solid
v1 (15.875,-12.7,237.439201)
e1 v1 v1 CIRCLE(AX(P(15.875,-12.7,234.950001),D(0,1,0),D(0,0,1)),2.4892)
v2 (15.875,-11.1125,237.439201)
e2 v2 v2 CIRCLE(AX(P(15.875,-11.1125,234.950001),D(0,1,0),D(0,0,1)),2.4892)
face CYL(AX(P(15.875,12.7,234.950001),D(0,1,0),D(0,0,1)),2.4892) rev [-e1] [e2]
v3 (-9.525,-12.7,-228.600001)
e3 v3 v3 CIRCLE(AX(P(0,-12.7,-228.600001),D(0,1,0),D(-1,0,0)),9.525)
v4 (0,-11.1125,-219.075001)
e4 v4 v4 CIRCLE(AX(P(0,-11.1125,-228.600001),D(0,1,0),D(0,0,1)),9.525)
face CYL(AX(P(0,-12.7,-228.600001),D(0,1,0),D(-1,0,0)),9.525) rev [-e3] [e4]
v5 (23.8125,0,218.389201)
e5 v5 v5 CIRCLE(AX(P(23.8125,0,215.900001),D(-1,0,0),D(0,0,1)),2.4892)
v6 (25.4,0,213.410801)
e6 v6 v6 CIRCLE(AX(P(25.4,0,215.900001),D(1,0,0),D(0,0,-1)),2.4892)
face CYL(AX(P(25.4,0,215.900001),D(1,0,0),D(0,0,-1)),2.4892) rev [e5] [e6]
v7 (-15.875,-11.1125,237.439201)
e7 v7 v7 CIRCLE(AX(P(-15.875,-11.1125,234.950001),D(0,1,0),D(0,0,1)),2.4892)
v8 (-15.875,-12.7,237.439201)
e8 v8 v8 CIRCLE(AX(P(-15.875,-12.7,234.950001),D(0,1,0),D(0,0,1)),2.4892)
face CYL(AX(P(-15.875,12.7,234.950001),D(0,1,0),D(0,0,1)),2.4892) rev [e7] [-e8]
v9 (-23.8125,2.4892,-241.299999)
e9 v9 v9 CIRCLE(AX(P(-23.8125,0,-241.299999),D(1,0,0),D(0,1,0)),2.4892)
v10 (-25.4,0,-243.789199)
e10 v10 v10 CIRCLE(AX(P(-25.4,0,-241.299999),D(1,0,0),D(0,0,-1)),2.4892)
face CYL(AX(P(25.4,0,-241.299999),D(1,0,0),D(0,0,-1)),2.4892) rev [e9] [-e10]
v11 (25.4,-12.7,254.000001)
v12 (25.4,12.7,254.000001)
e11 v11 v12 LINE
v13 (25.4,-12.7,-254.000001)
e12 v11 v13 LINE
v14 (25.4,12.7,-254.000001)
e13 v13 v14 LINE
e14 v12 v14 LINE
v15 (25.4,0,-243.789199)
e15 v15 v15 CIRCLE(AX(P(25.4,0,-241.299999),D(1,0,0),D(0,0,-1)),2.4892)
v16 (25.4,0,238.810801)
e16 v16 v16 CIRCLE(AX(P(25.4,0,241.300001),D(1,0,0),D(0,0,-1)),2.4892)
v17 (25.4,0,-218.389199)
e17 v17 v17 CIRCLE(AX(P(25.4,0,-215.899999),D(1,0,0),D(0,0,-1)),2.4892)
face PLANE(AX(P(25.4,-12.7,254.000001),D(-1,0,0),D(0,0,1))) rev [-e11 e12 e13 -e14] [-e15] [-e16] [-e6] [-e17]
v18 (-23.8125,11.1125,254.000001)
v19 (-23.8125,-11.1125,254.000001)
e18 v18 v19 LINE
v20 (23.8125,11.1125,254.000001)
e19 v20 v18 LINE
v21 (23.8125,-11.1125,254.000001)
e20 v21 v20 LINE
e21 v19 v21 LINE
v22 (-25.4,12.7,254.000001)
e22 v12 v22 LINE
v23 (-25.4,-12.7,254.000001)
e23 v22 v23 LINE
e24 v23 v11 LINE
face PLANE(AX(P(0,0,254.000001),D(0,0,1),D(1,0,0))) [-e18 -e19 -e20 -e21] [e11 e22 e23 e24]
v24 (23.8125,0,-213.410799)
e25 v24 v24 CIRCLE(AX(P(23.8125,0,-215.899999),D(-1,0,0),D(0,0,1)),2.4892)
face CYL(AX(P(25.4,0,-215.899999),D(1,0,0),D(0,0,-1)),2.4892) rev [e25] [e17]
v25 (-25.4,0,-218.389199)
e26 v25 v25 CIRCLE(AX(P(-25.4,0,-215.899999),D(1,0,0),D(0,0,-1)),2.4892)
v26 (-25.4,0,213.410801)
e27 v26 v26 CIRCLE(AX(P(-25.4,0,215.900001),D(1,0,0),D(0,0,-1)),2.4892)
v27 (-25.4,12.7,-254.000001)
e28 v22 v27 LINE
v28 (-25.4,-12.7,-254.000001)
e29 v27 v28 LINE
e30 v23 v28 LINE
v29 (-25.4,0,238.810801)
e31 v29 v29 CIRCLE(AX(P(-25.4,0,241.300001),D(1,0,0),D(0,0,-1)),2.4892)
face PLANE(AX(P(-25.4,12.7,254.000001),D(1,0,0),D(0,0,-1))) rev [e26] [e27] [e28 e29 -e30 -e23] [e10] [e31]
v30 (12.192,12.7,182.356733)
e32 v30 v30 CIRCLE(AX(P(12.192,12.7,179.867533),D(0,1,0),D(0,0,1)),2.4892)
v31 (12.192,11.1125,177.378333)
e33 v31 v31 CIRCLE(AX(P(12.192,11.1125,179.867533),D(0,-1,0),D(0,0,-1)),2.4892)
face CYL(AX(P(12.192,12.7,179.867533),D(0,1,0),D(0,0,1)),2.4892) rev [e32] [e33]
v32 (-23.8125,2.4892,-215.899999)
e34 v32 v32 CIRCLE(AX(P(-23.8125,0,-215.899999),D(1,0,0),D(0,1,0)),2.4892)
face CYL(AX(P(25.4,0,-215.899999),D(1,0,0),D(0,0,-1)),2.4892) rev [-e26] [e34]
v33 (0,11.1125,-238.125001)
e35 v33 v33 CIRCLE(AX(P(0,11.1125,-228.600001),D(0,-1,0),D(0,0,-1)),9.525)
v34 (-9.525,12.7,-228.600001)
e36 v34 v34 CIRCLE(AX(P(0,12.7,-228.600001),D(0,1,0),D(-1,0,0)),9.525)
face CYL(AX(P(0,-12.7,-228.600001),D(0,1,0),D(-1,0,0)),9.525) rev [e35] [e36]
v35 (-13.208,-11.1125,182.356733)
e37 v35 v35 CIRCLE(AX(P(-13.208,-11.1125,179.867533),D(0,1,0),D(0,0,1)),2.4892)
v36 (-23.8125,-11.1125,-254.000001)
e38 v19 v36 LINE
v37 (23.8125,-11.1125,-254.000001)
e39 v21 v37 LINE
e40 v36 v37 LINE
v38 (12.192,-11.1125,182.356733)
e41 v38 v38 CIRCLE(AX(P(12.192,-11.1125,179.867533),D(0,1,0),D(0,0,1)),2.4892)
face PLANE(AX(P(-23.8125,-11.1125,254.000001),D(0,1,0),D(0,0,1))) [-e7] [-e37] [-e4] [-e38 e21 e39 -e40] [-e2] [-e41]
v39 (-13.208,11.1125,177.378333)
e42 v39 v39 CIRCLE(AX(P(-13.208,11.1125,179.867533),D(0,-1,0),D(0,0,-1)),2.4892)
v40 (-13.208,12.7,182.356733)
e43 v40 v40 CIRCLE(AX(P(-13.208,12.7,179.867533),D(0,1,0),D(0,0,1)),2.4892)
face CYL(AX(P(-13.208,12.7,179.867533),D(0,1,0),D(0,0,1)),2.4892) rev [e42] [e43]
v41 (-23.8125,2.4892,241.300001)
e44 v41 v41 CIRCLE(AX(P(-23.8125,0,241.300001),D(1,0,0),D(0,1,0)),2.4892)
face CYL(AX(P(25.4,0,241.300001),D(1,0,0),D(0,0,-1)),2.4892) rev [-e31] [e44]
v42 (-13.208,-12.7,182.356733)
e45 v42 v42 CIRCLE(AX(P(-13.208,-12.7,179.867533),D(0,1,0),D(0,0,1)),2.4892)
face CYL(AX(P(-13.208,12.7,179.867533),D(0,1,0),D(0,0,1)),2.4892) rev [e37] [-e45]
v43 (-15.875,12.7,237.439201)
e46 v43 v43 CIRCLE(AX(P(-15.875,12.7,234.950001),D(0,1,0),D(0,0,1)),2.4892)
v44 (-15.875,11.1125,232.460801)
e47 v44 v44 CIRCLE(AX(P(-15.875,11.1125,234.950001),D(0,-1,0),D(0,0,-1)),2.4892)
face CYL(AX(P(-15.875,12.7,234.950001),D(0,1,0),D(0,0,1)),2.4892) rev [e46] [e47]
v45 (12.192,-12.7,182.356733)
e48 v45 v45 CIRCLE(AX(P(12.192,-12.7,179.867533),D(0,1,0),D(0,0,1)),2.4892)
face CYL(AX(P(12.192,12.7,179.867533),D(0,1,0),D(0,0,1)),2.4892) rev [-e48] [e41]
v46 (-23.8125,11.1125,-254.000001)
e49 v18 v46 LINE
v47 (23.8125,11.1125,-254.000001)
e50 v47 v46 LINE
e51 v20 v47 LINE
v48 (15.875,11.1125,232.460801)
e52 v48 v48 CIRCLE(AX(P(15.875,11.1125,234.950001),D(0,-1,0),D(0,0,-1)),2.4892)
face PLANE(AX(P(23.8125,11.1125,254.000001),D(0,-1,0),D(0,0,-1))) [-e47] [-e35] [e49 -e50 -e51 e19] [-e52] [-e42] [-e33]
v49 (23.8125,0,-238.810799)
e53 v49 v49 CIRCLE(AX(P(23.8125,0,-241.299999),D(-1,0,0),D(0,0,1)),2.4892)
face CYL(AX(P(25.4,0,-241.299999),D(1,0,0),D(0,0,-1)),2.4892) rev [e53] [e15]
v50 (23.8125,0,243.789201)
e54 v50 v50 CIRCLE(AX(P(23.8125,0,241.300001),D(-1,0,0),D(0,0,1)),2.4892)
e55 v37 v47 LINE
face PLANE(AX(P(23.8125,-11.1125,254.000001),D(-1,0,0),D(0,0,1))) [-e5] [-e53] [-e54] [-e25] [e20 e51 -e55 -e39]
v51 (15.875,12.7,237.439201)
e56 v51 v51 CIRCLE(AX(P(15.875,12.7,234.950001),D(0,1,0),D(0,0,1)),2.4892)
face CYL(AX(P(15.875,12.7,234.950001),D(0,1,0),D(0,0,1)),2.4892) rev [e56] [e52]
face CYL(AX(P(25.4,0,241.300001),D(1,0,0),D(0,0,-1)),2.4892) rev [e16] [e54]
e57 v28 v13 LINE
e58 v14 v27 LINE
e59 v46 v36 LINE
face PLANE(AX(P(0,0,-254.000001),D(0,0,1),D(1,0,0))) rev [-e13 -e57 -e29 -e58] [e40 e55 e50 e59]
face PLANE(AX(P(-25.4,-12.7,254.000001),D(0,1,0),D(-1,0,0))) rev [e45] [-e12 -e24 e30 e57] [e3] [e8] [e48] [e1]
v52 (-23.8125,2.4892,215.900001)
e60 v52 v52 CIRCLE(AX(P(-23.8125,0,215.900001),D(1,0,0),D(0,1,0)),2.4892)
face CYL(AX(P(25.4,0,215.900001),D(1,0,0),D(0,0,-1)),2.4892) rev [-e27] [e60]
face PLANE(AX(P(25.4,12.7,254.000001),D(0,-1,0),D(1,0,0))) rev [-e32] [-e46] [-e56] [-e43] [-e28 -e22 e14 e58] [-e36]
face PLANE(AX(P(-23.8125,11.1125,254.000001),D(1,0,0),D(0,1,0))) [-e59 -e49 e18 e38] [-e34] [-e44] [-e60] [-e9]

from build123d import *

# Parameters (mm, degrees)
BOSS_EXTRUDE1_DEPTH      = 254.000001
BOSS_EXTRUDE1_DEPTH_BACK = 254.000001
SKETCH3_W                = 50.8
SKETCH3_H                = 25.4
SKETCH3_W_2              = 47.625
SKETCH3_H_2              = 22.225
F_10_CLEARANCE_HOLE1_D   = 4.9784
F_10_CLEARANCE_HOLE2_D   = 4.9784
SKETCH11_R               = 9.525
CUT_EXTRUDE1_DEPTH       = 257.527426425


with BuildPart() as part:
    # Sketch3 → Boss-Extrude1 (new, two sides: drawn at the far end of the back side and taken through both)
    with BuildSketch(Plane.XY.offset(-BOSS_EXTRUDE1_DEPTH_BACK)):
        Rectangle(SKETCH3_W, SKETCH3_H)
        Rectangle(SKETCH3_W_2, SKETCH3_H_2, mode=Mode.SUBTRACT)
    extrude(amount=BOSS_EXTRUDE1_DEPTH + BOSS_EXTRUDE1_DEPTH_BACK)

    # #10 Clearance Hole1 (through all)
    with Locations(Plane(origin=(25.4, 0, 0), x_dir=(0, 0, -1), z_dir=(1, 0, 0))):
        with Locations((-241.300000508, 0), (-215.900000508, 0), (215.899999492, 0), (241.299999492, 0)):
            Hole(F_10_CLEARANCE_HOLE1_D / 2)

    # #10 Clearance Hole2 (through all)
    with Locations(Plane(origin=(0, 12.7, 0), x_dir=(1, 0, 0), z_dir=(0, 1, 0))):
        with Locations((-13.207999909, -179.867533038), (12.192000091, -179.867533038), (-15.875, -234.950000508), (15.875, -234.950000508)):
            Hole(F_10_CLEARANCE_HOLE2_D / 2)

    # Sketch11 → Cut-Extrude1 (cut, through all)
    with BuildSketch(Plane(origin=(0, 12.7, 0), x_dir=(1, 0, 0), z_dir=(0, 1, 0))):
        with Locations(Location((0, 228.600000508, 0), (0, 0, 180))):
            Circle(SKETCH11_R)
    extrude(amount=-CUT_EXTRUDE1_DEPTH, mode=Mode.SUBTRACT)


solid = part.part
